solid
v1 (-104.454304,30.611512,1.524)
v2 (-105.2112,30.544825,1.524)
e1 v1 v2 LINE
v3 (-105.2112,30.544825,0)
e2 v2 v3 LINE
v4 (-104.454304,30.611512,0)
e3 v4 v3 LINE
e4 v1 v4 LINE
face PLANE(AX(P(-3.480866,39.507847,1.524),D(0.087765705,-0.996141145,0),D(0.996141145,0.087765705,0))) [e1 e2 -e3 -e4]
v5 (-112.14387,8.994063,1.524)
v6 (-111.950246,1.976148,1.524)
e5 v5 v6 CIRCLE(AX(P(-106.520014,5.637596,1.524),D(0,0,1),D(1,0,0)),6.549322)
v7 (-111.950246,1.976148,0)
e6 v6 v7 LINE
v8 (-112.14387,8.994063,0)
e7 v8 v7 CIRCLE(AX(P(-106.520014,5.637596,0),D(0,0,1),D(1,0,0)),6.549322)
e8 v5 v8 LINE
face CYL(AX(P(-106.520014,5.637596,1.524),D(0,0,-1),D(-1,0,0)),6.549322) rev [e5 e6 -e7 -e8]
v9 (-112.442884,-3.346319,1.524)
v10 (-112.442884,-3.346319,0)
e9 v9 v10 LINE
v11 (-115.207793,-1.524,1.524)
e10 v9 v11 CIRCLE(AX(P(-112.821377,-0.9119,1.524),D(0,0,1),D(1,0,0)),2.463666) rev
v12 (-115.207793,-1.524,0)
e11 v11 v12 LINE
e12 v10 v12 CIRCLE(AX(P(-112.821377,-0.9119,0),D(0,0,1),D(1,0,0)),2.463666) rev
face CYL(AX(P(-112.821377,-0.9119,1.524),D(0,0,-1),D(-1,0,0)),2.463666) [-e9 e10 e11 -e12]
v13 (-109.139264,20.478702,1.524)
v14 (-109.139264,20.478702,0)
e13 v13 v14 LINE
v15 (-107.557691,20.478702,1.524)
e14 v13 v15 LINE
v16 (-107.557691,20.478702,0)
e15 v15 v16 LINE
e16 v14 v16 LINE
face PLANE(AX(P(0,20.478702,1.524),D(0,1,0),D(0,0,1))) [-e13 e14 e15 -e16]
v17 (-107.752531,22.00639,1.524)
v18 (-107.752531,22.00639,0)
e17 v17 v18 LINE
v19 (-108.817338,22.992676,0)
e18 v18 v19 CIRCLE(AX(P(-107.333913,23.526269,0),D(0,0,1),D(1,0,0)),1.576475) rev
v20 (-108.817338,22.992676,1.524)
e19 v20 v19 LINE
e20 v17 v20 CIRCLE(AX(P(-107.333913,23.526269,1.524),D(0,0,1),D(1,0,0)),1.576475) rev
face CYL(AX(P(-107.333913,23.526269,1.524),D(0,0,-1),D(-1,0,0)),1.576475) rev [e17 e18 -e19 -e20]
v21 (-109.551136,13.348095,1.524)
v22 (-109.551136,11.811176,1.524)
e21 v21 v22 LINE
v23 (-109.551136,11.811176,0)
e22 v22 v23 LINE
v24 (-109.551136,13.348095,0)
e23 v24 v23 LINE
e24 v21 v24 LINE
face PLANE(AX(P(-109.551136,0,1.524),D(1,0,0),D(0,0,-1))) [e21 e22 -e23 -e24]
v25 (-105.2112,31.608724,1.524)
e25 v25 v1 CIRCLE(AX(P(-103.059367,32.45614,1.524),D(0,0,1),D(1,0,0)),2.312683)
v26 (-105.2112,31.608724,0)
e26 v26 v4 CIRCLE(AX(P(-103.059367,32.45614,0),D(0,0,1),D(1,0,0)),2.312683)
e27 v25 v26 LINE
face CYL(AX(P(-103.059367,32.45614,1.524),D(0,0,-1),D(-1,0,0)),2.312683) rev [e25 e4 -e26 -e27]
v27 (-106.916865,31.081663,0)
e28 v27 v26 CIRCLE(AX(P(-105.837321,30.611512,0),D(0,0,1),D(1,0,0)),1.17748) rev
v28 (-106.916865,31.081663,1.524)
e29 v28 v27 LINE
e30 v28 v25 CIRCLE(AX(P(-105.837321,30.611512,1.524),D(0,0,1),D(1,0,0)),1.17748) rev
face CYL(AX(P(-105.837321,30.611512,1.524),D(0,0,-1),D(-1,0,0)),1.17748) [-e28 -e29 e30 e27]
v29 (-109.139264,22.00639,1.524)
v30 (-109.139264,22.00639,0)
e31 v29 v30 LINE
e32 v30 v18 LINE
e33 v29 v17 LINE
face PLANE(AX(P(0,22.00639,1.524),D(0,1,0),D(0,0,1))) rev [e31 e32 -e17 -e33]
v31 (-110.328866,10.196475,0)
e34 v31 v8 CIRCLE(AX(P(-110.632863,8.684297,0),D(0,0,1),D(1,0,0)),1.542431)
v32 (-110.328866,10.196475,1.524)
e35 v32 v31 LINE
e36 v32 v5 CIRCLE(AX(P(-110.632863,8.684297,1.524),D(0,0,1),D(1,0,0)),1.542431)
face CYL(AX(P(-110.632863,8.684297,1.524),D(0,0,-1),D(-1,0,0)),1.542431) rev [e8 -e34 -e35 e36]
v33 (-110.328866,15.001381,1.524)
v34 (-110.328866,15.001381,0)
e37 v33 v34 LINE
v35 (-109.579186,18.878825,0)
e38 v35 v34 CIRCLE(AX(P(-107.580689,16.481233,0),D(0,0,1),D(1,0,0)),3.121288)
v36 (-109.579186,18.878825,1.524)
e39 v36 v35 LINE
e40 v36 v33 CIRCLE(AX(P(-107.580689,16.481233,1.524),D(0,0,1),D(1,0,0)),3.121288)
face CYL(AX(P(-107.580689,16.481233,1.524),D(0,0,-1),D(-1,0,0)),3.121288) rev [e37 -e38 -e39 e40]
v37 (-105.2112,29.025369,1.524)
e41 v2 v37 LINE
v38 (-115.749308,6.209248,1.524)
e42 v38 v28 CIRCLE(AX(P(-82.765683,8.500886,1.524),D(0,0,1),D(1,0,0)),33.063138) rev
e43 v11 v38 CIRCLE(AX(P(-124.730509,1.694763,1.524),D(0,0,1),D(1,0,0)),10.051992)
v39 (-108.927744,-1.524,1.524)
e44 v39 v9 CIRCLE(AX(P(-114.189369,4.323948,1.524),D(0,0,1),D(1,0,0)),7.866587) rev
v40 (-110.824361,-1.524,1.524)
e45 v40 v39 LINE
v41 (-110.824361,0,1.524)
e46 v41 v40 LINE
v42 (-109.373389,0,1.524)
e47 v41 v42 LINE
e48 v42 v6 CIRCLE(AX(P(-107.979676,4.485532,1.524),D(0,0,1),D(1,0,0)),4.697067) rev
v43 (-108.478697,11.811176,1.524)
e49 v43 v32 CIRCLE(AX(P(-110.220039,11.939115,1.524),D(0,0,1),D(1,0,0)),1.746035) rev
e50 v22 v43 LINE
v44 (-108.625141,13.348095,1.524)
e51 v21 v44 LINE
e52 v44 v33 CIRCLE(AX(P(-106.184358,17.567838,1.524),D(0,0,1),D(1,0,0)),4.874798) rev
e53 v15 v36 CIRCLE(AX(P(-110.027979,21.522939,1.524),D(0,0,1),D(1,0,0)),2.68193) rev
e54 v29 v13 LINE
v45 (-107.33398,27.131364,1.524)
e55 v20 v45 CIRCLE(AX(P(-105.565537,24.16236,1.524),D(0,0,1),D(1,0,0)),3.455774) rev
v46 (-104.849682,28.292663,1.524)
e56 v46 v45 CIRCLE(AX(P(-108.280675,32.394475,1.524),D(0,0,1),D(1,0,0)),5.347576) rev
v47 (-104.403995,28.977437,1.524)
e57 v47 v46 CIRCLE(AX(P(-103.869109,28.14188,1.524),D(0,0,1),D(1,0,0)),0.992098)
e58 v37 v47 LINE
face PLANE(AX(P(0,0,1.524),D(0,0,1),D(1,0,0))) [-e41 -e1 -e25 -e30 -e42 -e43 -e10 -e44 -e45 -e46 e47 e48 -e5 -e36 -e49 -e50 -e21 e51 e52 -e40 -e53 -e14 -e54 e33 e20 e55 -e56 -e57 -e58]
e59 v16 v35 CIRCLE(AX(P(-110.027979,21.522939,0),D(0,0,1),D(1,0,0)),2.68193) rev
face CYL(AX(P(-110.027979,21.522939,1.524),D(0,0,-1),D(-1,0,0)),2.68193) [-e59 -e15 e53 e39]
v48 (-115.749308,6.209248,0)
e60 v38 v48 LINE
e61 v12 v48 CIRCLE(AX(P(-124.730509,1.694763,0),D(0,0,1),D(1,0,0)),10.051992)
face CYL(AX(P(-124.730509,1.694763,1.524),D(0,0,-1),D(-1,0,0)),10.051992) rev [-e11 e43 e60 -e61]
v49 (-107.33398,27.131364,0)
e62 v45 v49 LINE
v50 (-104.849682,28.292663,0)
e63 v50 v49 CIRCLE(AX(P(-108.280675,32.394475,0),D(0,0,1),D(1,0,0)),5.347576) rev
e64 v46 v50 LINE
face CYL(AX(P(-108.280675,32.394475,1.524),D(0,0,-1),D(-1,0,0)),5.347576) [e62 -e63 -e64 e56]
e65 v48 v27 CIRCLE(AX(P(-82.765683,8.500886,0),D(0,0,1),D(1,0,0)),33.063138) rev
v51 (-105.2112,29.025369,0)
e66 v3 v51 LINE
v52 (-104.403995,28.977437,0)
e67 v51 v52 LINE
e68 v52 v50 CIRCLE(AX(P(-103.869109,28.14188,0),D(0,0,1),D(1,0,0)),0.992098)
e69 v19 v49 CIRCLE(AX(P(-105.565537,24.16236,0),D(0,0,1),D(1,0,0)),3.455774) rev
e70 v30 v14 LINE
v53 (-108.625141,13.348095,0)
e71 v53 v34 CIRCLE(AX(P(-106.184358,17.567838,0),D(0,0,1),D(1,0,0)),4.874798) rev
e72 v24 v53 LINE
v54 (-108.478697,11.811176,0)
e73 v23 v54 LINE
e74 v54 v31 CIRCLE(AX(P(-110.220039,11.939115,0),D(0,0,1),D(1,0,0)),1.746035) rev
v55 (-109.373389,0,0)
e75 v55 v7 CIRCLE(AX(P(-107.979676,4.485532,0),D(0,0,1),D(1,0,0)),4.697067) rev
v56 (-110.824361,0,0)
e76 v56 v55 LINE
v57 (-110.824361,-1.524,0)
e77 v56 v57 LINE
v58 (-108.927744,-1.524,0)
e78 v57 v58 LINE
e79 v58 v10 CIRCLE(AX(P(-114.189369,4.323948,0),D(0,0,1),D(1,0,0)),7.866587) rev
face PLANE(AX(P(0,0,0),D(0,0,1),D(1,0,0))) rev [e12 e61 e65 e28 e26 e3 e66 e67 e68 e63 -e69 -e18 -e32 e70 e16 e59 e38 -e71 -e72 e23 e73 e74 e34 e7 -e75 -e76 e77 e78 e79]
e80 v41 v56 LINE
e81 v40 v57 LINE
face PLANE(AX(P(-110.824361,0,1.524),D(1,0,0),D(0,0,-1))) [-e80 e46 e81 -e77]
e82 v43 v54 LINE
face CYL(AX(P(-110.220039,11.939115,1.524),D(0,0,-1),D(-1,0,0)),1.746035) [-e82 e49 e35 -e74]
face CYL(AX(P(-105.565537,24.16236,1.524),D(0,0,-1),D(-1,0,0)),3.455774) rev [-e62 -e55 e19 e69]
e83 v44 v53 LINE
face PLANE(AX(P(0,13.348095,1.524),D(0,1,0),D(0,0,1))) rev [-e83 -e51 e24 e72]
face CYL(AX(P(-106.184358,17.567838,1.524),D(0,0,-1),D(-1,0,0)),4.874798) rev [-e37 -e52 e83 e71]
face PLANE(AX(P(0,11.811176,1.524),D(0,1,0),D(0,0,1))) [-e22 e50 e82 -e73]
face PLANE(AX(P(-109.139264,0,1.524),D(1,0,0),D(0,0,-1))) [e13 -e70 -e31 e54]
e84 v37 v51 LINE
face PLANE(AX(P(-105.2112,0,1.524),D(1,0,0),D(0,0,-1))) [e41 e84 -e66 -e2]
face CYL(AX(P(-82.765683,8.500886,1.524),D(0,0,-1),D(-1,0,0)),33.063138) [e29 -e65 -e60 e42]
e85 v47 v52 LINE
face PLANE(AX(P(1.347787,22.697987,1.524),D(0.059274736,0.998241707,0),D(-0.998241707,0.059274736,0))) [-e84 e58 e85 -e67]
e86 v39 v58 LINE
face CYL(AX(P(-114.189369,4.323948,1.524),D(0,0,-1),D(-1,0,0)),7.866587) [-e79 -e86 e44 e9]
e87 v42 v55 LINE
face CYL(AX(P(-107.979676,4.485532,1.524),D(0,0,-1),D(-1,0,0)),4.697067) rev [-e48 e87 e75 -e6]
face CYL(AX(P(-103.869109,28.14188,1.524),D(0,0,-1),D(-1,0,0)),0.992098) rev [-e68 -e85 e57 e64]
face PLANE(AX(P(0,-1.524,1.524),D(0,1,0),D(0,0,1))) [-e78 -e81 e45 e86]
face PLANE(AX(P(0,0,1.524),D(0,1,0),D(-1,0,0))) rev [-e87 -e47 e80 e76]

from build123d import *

# Parameters (mm, degrees)
BOSS_EXTRUDE1_DEPTH = 1.524


with BuildPart() as part:
    # Sketch1 → Boss-Extrude1 (new body)
    with BuildSketch(Plane.XY):
        with BuildLine():
            Line((-110.824360774, 0), (-110.824360774, -1.524))
            Line((-110.824360774, -1.524), (-108.927743626, -1.524))
            ThreePointArc((-108.927743626, -1.524), (-110.568786986, -2.659932295), (-112.442883949, -3.346318527))
            ThreePointArc((-112.442883949, -3.346318527), (-114.17716098, -2.968961004), (-115.207793415, -1.524))
            ThreePointArc((-115.207793415, -1.524), (-114.703070876, 2.396926331), (-115.749307819, 6.209247985))
            ThreePointArc((-115.749307819, 6.209247985), (-113.92263745, 19.565030778), (-106.916865485, 31.081663004))
            ThreePointArc((-106.916865485, 31.081663004), (-106.184950927, 31.736506317), (-105.211200263, 31.608723968))
            ThreePointArc((-105.211200263, 31.608723968), (-104.901513118, 31.0579276), (-104.454303839, 30.611512291))
            Line((-104.454303839, 30.611512291), (-105.211200263, 30.544825407))
            Line((-105.211200263, 30.544825407), (-105.211200263, 29.025368505))
            Line((-105.211200263, 29.025368505), (-104.403994808, 28.977437337))
            ThreePointArc((-104.403994808, 28.977437337), (-104.700603167, 28.683060455), (-104.849681876, 28.292663471))
            ThreePointArc((-104.849681876, 28.292663471), (-106.016123504, 27.550057971), (-107.333979522, 27.131364149))
            ThreePointArc((-107.333979522, 27.131364149), (-108.818673483, 25.32832607), (-108.817338403, 22.992676119))
            ThreePointArc((-108.817338403, 22.992676119), (-108.405188947, 22.369705182), (-107.752531072, 22.00639036))
            Line((-107.752531072, 22.00639036), (-109.139263732, 22.00639036))
            Line((-109.139263732, 22.00639036), (-109.139263732, 20.478701595))
            Line((-109.139263732, 20.478701595), (-107.557691458, 20.478701595))
            ThreePointArc((-107.557691458, 20.478701595), (-108.363599409, 19.419942847), (-109.579185571, 18.87882549))
            ThreePointArc((-109.579185571, 18.87882549), (-110.645223511, 17.073742216), (-110.328866367, 15.001381081))
            ThreePointArc((-110.328866367, 15.001381081), (-109.579185571, 14.069438674), (-108.625140976, 13.348094888))
            Line((-108.625140976, 13.348094888), (-109.551135599, 13.348094888))
            Line((-109.551135599, 13.348094888), (-109.551135599, 11.811176348))
            Line((-109.551135599, 11.811176348), (-108.478697007, 11.811176348))
            ThreePointArc((-108.478697007, 11.811176348), (-109.071957304, 10.623612067), (-110.328866367, 10.196474724))
            ThreePointArc((-110.328866367, 10.196474724), (-111.484723908, 9.970154225), (-112.1438695, 8.994062677))
            ThreePointArc((-112.1438695, 8.994062677), (-113.066844869, 5.45696931), (-111.950245848, 1.976147619))
            ThreePointArc((-111.950245848, 1.976147619), (-110.838027473, 0.758299628), (-109.373389254, 0))
            Line((-109.373389254, 0), (-110.824360774, 0))
        make_face()
    extrude(amount=BOSS_EXTRUDE1_DEPTH)


solid = part.part
